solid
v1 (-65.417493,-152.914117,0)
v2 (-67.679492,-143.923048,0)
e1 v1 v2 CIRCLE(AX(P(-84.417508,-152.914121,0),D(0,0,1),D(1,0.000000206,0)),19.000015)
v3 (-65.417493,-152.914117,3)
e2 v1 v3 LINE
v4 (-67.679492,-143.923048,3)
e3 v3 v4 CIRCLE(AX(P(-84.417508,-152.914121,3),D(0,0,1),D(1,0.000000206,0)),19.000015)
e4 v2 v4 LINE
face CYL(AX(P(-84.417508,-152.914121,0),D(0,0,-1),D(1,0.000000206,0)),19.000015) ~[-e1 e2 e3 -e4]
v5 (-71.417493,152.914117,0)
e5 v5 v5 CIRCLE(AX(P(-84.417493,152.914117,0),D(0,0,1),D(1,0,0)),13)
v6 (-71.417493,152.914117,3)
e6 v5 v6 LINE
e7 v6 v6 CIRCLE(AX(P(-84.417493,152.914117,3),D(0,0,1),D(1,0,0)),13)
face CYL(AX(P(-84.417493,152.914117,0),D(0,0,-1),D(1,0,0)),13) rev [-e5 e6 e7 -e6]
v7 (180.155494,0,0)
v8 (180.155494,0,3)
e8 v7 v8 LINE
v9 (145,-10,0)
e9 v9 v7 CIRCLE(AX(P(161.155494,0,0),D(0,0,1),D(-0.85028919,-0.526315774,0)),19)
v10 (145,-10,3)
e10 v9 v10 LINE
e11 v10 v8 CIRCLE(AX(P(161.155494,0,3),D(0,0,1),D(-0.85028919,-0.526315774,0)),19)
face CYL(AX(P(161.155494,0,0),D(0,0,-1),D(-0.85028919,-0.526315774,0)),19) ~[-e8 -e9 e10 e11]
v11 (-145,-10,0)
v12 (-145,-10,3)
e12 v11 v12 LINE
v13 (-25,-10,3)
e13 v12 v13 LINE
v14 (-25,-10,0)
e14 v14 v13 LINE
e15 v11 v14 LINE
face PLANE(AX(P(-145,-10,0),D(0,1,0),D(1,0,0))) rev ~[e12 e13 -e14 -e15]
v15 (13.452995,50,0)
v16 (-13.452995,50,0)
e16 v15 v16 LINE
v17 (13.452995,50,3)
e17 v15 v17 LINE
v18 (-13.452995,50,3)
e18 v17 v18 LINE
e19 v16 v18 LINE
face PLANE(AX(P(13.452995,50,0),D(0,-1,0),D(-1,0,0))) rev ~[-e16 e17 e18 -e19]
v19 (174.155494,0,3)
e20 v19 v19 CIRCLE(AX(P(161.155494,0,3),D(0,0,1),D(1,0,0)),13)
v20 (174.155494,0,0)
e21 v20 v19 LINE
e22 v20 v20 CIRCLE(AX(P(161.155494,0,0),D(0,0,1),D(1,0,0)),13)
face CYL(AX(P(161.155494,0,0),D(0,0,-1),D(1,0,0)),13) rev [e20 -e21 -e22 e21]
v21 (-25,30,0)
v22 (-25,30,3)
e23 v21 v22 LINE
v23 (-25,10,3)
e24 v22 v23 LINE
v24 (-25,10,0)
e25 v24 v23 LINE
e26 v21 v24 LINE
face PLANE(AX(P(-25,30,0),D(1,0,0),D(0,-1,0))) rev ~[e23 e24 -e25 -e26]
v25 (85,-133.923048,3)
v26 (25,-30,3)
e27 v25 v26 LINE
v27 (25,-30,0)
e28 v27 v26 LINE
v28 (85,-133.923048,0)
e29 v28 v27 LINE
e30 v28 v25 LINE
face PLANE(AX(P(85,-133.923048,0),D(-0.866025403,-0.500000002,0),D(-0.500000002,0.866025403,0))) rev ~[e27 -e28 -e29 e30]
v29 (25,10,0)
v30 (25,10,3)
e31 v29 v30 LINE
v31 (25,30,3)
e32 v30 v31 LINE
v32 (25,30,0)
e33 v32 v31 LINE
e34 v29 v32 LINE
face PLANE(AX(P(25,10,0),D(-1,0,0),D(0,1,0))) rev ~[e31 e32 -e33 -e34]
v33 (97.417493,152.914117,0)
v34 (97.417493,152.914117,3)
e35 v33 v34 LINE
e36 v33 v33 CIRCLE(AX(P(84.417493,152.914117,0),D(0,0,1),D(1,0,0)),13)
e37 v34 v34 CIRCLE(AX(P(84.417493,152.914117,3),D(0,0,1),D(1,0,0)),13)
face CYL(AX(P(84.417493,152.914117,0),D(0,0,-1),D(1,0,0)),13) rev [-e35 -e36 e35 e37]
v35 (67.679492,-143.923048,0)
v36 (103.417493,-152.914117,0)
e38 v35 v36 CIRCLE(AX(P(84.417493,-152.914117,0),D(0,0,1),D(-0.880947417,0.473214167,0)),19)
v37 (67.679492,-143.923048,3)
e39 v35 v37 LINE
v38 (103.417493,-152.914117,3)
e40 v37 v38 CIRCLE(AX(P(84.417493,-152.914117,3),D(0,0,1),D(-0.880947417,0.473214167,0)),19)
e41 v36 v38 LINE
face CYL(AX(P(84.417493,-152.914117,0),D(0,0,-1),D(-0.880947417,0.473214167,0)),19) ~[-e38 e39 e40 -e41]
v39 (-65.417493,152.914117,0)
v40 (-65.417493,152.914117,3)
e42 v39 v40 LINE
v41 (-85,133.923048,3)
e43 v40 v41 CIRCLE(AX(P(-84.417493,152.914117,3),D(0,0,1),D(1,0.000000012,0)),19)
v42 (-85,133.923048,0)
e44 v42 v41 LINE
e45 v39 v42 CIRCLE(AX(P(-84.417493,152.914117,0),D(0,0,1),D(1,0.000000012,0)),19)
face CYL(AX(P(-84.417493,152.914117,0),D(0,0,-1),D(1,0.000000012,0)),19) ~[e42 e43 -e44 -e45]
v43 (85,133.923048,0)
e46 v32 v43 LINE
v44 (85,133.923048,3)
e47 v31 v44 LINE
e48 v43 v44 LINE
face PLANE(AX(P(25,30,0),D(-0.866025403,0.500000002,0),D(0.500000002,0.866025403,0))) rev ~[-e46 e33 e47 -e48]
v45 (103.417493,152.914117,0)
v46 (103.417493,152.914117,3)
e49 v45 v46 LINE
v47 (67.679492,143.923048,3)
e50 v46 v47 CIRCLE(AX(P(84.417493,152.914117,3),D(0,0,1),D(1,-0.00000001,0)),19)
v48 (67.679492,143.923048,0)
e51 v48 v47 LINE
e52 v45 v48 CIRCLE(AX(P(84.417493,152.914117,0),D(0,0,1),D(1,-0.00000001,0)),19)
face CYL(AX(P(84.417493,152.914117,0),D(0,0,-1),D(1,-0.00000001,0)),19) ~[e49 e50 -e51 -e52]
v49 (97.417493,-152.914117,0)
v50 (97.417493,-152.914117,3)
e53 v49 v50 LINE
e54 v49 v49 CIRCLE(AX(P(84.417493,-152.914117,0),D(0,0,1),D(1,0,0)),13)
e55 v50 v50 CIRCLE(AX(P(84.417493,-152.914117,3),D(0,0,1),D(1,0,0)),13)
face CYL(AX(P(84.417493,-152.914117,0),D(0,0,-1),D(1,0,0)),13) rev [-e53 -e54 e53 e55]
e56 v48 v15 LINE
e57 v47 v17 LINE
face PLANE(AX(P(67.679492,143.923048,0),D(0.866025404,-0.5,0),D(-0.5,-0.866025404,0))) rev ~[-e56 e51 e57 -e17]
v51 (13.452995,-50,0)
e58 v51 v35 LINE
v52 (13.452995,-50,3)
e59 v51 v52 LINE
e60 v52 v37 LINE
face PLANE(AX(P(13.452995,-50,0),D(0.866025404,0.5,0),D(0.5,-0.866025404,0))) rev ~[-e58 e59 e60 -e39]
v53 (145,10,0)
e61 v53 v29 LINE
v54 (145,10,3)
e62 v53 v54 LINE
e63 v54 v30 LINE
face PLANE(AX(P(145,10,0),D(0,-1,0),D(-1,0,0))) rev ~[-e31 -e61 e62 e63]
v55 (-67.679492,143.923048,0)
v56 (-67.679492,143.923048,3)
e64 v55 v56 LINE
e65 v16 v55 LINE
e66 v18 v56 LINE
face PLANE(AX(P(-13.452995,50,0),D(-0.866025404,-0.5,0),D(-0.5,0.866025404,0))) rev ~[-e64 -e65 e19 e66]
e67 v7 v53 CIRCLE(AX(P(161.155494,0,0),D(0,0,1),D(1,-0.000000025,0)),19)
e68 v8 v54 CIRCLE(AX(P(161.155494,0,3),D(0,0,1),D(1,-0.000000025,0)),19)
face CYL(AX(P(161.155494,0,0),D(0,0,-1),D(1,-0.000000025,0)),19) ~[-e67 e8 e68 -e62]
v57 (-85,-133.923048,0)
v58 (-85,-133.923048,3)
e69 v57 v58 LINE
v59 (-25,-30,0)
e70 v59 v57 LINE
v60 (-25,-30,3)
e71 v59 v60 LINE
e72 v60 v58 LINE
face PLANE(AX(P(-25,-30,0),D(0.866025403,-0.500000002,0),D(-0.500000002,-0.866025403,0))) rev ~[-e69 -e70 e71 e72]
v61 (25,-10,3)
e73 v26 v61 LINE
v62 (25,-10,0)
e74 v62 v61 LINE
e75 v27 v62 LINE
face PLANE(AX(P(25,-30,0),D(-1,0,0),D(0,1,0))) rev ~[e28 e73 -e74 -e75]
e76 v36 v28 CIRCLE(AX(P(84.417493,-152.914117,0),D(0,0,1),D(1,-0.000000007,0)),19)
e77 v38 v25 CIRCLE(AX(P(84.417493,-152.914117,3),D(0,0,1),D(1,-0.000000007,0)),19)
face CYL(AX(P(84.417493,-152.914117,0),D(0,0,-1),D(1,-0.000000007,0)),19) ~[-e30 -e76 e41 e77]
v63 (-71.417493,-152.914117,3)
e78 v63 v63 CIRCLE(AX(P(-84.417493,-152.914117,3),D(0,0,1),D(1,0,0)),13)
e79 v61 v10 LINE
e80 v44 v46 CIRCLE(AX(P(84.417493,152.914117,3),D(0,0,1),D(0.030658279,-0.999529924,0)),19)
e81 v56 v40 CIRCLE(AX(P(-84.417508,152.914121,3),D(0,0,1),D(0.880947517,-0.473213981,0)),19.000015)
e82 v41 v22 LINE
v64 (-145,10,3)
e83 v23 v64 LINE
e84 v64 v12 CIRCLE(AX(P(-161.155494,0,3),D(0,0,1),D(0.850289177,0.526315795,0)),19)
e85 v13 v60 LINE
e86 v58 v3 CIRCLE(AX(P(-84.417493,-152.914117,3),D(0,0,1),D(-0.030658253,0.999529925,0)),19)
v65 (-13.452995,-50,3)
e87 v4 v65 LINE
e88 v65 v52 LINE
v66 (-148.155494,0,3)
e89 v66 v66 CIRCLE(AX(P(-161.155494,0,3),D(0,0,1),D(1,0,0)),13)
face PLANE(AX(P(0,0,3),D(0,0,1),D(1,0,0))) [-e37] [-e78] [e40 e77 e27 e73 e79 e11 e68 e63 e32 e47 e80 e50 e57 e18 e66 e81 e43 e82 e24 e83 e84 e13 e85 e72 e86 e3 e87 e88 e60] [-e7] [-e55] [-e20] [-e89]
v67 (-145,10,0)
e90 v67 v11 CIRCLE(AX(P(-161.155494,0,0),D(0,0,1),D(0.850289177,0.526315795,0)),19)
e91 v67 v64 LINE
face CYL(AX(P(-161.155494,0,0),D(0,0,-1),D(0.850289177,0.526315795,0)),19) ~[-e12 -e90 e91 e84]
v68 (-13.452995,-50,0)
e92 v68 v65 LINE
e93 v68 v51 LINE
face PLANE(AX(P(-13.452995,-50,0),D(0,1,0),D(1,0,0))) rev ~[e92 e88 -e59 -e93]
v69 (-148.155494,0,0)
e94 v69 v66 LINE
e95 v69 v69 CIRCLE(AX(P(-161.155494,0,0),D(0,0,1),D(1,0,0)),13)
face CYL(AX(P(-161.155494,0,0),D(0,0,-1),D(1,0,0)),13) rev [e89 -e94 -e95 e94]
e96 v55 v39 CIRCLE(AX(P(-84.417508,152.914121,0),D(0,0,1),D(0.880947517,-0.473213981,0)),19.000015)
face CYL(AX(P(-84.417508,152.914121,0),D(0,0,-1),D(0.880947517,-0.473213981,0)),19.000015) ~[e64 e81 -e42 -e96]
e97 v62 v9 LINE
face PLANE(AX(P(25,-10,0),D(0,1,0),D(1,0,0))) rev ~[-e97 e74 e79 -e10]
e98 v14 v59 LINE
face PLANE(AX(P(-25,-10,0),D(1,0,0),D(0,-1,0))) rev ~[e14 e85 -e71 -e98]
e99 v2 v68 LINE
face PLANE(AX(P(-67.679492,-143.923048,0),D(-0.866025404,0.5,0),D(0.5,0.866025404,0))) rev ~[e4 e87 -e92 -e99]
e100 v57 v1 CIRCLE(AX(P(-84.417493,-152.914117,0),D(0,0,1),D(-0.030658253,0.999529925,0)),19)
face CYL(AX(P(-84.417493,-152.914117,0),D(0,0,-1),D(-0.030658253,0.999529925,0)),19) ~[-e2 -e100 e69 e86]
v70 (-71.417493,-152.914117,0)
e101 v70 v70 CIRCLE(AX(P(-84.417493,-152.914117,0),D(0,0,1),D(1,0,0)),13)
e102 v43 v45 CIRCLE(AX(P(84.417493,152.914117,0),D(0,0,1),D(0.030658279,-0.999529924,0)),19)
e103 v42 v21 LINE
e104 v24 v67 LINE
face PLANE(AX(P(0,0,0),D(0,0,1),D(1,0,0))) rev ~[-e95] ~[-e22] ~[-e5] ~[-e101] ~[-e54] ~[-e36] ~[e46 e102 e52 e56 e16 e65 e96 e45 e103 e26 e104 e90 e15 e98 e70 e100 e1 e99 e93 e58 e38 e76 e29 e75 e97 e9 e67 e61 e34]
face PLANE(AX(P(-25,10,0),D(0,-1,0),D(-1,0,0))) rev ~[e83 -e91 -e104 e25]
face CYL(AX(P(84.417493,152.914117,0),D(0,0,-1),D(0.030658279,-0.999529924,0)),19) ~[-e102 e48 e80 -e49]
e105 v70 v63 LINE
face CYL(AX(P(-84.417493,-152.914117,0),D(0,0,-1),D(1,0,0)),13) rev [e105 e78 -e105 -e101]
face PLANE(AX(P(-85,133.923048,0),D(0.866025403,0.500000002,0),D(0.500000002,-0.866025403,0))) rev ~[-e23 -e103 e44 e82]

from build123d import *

# Parameters (mm, degrees)
F0_R     = 13
F1_DEPTH = 3


with BuildPart() as f1:
    # F0 (on Top) → F1 (new body)
    with BuildSketch(Plane.XY):
        Polygon((25, 30), (25, 50), (13.452995, 50), (-13.452995, 50), (-25, 50), (-25, 30), (-25, 10), (-25, -10), (-25, -30), (-25, -50), (-13.452995, -50), (13.452995, -50), (25, -50), (25, -30), (25, -10), (25, 10), align=None)
        with BuildLine():
            Line((13.452995, 50), (25, 50))
            Line((25, 50), (25, 30))
            Line((25, 30), (85, 133.923048))
            ThreePointArc((85, 133.923048), (74.917493, 136.459634), (67.679492, 143.923048))
            Line((67.679492, 143.923048), (13.452995, 50))
        make_face()
        with BuildLine():
            Line((-25, 50), (-13.452995, 50))
            Line((-13.452995, 50), (-67.679492, 143.923048))
            ThreePointArc((-67.679492, 143.923048), (-74.917493, 136.459634), (-85, 133.923048))
            Line((-85, 133.923048), (-25, 30))
            Line((-25, 30), (-25, 50))
        make_face()
        with BuildLine():
            ThreePointArc((103.417493, 152.914117), (79.781872, 171.339942), (67.679492, 143.923048))
            ThreePointArc((67.679492, 143.923048), (74.917493, 136.459634), (85, 133.923048))
            ThreePointArc((85, 133.923048), (98.056915, 139.686639), (103.417493, 152.914117))
        make_face()
        with Locations((84.417493, 152.914117)):
            Circle(F0_R, mode=Mode.SUBTRACT)
        with BuildLine():
            Line((145, 10), (25, 10))
            Line((25, 10), (25, -10))
            Line((25, -10), (145, -10))
            ThreePointArc((145, -10), (142.155494, 0), (145, 10))
        make_face()
        with BuildLine():
            ThreePointArc((-85, 133.923048), (-74.917493, 136.459634), (-67.679492, 143.923048))
            ThreePointArc((-67.679492, 143.923048), (-65.991669, 148.278495), (-65.417493, 152.914117))
            ThreePointArc((-65.417493, 152.914117), (-97.644972, 166.553538), (-85, 133.923048))
        make_face()
        with Locations((-84.417493, 152.914117)):
            Circle(F0_R, mode=Mode.SUBTRACT)
        with BuildLine():
            ThreePointArc((180.155494, 0), (166.353841, 18.275043), (145, 10))
            ThreePointArc((145, 10), (142.155494, 0), (145, -10))
            ThreePointArc((145, -10), (166.353841, -18.275043), (180.155494, 0))
        make_face()
        with Locations((161.155494, 0)):
            Circle(F0_R, mode=Mode.SUBTRACT)
        with BuildLine():
            Line((85, -133.923048), (25, -30))
            Line((25, -30), (25, -50))
            Line((25, -50), (13.452995, -50))
            Line((13.452995, -50), (67.679492, -143.923048))
            ThreePointArc((67.679492, -143.923048), (74.917493, -136.459634), (85, -133.923048))
        make_face()
        with BuildLine():
            Line((-25, -10), (-25, 10))
            Line((-25, 10), (-145, 10))
            ThreePointArc((-145, 10), (-142.880451, 5.198346), (-142.155494, 0))
            ThreePointArc((-142.155494, 0), (-142.880451, -5.198346), (-145, -10))
            Line((-145, -10), (-25, -10))
        make_face()
        with BuildLine():
            ThreePointArc((103.417493, -152.914117), (98.056915, -139.686639), (85, -133.923048))
            ThreePointArc((85, -133.923048), (74.917493, -136.459634), (67.679492, -143.923048))
            ThreePointArc((67.679492, -143.923048), (79.781872, -171.339942), (103.417493, -152.914117))
        make_face()
        with Locations((84.417493, -152.914117)):
            Circle(F0_R, mode=Mode.SUBTRACT)
        with BuildLine():
            ThreePointArc((-142.155494, 0), (-142.880451, 5.198346), (-145, 10))
            ThreePointArc((-145, 10), (-180.155494, 0), (-145, -10))
            ThreePointArc((-145, -10), (-142.880451, -5.198346), (-142.155494, 0))
        make_face()
        with Locations((-161.155494, 0)):
            Circle(F0_R, mode=Mode.SUBTRACT)
        with BuildLine():
            Line((-25, -50), (-25, -30))
            Line((-25, -30), (-85, -133.923048))
            ThreePointArc((-85, -133.923048), (-74.917493, -136.459634), (-67.679492, -143.923048))
            Line((-67.679492, -143.923048), (-13.452995, -50))
            Line((-13.452995, -50), (-25, -50))
        make_face()
        with BuildLine():
            ThreePointArc((-67.679492, -143.923048), (-74.917493, -136.459634), (-85, -133.923048))
            ThreePointArc((-85, -133.923048), (-97.644972, -166.553538), (-65.417493, -152.914117))
            ThreePointArc((-65.417493, -152.914117), (-65.991669, -148.278495), (-67.679492, -143.923048))
        make_face()
        with Locations((-84.417493, -152.914117)):
            Circle(F0_R, mode=Mode.SUBTRACT)
    extrude(amount=F1_DEPTH)


solid = f1.part
